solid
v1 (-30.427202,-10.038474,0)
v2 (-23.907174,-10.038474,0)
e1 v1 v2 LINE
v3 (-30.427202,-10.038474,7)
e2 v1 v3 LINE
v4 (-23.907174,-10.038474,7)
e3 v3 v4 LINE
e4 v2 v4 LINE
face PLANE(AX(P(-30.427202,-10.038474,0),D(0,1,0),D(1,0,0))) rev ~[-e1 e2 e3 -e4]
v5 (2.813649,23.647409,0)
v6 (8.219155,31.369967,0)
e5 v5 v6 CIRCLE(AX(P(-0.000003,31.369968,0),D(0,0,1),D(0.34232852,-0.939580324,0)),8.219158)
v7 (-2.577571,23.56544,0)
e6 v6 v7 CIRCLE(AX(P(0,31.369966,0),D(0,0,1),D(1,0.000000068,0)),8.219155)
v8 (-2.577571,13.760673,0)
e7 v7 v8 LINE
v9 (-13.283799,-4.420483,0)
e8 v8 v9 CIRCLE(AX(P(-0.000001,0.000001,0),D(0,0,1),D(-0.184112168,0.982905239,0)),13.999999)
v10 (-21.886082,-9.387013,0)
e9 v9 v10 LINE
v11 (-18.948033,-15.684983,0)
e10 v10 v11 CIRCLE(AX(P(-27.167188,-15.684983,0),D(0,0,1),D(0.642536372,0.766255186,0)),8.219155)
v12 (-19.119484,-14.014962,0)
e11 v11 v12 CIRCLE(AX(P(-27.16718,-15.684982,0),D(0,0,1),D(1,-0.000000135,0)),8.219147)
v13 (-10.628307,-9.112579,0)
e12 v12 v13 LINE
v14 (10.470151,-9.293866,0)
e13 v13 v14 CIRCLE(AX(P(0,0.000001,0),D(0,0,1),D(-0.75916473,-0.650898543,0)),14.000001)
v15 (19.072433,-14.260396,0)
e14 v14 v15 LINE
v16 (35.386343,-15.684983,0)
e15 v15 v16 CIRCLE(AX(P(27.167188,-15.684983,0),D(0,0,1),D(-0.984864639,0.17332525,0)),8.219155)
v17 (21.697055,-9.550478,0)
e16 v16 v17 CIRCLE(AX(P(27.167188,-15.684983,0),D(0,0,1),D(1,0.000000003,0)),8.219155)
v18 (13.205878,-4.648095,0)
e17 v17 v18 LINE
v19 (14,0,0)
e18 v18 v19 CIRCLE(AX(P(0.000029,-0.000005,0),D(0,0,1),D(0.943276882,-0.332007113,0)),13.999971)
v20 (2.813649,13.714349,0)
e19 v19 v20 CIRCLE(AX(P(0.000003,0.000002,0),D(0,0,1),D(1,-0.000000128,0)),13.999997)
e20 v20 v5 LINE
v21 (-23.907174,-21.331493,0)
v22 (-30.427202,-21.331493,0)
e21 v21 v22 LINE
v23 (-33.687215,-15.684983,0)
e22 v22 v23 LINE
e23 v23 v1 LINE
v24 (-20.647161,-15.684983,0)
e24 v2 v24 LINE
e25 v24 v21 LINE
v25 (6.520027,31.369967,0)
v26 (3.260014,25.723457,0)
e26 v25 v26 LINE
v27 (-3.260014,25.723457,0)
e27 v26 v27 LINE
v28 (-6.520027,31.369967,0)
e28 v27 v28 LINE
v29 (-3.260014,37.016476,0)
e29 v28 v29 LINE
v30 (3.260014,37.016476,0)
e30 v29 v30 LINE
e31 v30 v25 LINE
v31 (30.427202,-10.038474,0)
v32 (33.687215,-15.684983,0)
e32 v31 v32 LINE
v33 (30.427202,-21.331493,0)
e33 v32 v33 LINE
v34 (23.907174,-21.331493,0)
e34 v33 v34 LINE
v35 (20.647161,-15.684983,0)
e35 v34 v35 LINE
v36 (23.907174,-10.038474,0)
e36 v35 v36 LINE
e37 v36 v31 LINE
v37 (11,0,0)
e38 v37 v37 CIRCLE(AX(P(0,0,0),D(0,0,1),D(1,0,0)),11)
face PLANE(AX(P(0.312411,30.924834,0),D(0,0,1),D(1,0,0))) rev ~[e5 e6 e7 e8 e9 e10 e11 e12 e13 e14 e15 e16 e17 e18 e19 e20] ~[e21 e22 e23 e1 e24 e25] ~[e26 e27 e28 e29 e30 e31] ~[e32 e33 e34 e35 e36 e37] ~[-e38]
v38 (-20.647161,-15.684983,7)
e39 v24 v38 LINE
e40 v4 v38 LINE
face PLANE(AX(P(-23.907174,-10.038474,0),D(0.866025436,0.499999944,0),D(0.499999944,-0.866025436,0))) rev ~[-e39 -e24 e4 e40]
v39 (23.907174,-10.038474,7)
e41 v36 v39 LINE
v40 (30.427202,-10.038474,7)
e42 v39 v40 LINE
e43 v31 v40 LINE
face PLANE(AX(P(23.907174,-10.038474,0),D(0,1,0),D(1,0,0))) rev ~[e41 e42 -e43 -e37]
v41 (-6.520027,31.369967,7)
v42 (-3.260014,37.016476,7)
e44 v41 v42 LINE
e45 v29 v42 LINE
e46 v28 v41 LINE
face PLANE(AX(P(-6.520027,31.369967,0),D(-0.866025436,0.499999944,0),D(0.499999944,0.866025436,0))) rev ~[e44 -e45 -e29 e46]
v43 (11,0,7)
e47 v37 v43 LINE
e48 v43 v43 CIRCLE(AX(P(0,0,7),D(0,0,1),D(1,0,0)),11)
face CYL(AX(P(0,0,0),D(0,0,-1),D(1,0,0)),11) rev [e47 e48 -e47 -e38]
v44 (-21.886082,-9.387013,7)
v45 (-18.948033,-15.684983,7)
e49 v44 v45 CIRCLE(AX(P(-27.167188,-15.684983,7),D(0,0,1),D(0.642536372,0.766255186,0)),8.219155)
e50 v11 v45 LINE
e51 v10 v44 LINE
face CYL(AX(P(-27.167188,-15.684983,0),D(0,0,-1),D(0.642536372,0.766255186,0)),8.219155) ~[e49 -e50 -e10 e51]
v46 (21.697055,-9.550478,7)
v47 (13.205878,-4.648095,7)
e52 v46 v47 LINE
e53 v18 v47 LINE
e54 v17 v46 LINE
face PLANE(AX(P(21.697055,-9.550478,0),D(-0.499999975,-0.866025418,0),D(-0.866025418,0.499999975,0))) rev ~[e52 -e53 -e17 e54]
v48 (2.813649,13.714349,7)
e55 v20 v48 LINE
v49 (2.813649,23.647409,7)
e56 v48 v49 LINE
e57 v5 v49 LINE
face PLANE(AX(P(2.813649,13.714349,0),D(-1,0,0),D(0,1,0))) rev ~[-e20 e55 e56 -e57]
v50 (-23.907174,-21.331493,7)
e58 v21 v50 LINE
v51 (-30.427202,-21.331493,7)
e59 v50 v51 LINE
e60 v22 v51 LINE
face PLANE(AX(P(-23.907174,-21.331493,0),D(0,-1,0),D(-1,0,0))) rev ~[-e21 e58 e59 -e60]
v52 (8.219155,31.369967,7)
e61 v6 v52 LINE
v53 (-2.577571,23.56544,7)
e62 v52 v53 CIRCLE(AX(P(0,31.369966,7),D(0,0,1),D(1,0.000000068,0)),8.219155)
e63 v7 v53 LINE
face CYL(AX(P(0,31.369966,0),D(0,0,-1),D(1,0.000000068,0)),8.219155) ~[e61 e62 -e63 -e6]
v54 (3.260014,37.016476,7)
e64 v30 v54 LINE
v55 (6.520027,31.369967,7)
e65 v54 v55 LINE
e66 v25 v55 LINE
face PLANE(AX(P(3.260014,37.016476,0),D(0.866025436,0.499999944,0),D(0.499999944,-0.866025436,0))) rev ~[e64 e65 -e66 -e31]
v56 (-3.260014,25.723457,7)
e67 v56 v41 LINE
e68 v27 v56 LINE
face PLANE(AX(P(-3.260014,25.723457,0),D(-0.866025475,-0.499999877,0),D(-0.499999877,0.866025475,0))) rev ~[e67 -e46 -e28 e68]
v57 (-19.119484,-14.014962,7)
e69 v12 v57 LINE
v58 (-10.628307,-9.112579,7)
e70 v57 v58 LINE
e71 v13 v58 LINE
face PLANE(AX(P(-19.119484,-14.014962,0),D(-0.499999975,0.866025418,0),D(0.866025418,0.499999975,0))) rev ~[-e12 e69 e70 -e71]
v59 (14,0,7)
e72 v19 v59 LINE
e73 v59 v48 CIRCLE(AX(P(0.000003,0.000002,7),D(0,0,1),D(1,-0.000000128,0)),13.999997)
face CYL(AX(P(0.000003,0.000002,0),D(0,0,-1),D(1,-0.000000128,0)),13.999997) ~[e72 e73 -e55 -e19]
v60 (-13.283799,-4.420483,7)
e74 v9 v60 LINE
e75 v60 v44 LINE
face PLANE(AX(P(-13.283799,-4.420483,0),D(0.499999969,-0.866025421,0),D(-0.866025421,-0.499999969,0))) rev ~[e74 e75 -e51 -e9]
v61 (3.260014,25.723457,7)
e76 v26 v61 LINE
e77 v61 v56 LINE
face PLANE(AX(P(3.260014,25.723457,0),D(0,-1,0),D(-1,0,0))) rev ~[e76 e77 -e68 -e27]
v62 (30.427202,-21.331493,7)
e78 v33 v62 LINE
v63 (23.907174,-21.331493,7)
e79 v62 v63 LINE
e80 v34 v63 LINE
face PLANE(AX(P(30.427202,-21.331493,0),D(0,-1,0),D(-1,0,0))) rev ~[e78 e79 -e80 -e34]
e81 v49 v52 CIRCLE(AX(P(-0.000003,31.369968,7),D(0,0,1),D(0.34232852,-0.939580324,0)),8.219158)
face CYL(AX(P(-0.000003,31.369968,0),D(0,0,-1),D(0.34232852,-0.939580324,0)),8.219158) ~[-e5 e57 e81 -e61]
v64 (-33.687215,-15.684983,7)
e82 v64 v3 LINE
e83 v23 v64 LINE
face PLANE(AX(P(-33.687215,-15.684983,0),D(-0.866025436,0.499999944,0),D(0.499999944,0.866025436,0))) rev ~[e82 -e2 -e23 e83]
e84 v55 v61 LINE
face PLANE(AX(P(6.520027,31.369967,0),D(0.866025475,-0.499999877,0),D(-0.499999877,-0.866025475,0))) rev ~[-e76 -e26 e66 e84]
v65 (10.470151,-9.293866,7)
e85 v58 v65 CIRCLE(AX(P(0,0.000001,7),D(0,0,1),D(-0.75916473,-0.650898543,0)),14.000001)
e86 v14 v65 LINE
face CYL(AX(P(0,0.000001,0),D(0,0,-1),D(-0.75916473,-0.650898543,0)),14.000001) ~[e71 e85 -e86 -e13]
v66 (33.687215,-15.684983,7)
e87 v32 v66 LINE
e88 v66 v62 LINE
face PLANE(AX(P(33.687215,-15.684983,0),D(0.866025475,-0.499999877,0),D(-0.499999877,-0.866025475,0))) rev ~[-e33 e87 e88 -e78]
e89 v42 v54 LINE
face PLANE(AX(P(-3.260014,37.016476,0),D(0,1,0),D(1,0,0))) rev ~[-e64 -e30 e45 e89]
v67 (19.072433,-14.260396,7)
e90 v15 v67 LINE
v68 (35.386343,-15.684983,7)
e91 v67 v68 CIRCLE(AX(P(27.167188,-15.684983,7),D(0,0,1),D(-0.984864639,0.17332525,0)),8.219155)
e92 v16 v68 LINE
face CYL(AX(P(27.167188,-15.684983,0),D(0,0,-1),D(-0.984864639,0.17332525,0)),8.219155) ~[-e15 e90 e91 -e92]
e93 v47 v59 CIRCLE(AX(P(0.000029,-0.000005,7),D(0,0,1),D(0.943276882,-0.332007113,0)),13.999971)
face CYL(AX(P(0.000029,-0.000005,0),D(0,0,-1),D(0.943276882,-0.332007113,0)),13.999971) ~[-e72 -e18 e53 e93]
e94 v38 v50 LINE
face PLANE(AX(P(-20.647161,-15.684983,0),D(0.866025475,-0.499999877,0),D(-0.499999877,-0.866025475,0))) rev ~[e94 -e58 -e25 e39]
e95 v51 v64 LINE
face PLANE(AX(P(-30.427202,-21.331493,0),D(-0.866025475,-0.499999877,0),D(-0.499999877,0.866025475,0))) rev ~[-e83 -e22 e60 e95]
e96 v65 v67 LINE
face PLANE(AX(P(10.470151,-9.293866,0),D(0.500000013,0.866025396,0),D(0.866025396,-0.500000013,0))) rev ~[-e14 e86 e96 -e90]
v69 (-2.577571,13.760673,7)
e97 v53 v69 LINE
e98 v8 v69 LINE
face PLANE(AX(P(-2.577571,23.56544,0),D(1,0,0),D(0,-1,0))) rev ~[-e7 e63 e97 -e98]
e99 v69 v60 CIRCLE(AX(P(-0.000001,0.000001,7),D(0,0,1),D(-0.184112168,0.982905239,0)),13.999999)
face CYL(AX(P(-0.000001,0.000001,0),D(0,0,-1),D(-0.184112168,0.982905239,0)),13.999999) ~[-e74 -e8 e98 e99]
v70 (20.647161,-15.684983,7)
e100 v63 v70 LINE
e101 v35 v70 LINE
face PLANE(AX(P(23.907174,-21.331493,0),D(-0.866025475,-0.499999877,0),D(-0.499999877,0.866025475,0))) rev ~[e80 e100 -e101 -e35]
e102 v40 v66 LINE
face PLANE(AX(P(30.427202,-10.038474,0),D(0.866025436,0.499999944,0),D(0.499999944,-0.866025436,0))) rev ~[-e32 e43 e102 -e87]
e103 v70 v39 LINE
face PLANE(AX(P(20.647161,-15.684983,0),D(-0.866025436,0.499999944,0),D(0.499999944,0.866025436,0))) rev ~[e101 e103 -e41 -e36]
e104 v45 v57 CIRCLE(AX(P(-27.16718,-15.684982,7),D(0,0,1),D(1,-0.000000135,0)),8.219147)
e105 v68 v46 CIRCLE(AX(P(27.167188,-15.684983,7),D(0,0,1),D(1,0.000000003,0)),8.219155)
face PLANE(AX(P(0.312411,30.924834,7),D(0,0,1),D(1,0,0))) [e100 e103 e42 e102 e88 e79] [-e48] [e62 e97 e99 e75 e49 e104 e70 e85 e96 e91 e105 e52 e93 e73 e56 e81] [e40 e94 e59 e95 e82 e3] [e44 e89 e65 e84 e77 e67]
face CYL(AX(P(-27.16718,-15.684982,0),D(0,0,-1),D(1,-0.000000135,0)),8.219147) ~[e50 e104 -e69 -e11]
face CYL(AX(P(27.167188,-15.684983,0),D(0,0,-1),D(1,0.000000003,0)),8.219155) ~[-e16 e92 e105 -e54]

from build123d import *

# Parameters (mm, degrees)
F0_R     = 11
F1_DEPTH = 7


with BuildPart() as f1:
    # F0 (on Top) → F1 (new body)
    with BuildSketch(Plane.XY):
        with BuildLine():
            ThreePointArc((-2.577571, 23.56544), (0.124952, 23.151761), (2.813649, 23.647409))
            ThreePointArc((2.813649, 23.647409), (6.73351, 26.656757), (8.219155, 31.369967))
            ThreePointArc((8.219155, 31.369967), (-4.815031, 38.031046), (-2.577571, 23.56544))
        make_face()
        Polygon((6.520027, 31.369967), (3.260014, 25.723457), (-3.260014, 25.723457), (-6.520027, 31.369967), (-3.260014, 37.016476), (3.260014, 37.016476), align=None, mode=Mode.SUBTRACT)
        with BuildLine():
            ThreePointArc((-2.577571, 13.760673), (0.12029, 13.999483), (2.813649, 13.714349))
            Line((2.813649, 13.714349), (2.813649, 23.647409))
            ThreePointArc((2.813649, 23.647409), (0.124952, 23.151761), (-2.577571, 23.56544))
            Line((-2.577571, 23.56544), (-2.577571, 13.760673))
        make_face()
        with BuildLine():
            ThreePointArc((13.205878, -4.648095), (13.800042, -2.357722), (14, 0))
            ThreePointArc((14, 0), (10.848758, 8.848981), (2.813649, 13.714349))
            ThreePointArc((2.813649, 13.714349), (0.12029, 13.999483), (-2.577571, 13.760673))
            ThreePointArc((-2.577571, 13.760673), (-12.063763, 7.103916), (-13.283799, -4.420483))
            ThreePointArc((-13.283799, -4.420483), (-12.184053, -6.895568), (-10.628307, -9.112579))
            ThreePointArc((-10.628307, -9.112579), (-0.12029, -13.999483), (10.470151, -9.293866))
            ThreePointArc((10.470151, -9.293866), (12.063763, -7.103916), (13.205878, -4.648095))
        make_face()
        Circle(F0_R, mode=Mode.SUBTRACT)
        with BuildLine():
            ThreePointArc((-10.628307, -9.112579), (-12.184053, -6.895568), (-13.283799, -4.420483))
            Line((-13.283799, -4.420483), (-21.886082, -9.387013))
            ThreePointArc((-21.886082, -9.387013), (-20.112489, -11.467669), (-19.119484, -14.014962))
            Line((-19.119484, -14.014962), (-10.628307, -9.112579))
        make_face()
        with BuildLine():
            ThreePointArc((-19.119484, -14.014962), (-20.112489, -11.467669), (-21.886082, -9.387013))
            ThreePointArc((-21.886082, -9.387013), (-34.615703, -19.159769), (-18.948033, -15.684983))
            ThreePointArc((-18.948033, -15.684983), (-18.991008, -14.845584), (-19.119484, -14.014962))
        make_face()
        Polygon((-30.427202, -10.038474), (-23.907174, -10.038474), (-20.647161, -15.684983), (-23.907174, -21.331493), (-30.427202, -21.331493), (-33.687215, -15.684983), align=None, mode=Mode.SUBTRACT)
        with BuildLine():
            Line((21.697055, -9.550478), (13.205878, -4.648095))
            ThreePointArc((13.205878, -4.648095), (12.063763, -7.103916), (10.470151, -9.293866))
            Line((10.470151, -9.293866), (19.072433, -14.260396))
            ThreePointArc((19.072433, -14.260396), (19.987538, -11.684092), (21.697055, -9.550478))
        make_face()
        with BuildLine():
            ThreePointArc((35.386343, -15.684983), (30.528337, -8.184504), (21.697055, -9.550478))
            ThreePointArc((21.697055, -9.550478), (19.987538, -11.684092), (19.072433, -14.260396))
            ThreePointArc((19.072433, -14.260396), (26.452184, -23.872979), (35.386343, -15.684983))
        make_face()
        Polygon((23.907174, -21.331493), (20.647161, -15.684983), (23.907174, -10.038474), (30.427202, -10.038474), (33.687215, -15.684983), (30.427202, -21.331493), align=None, mode=Mode.SUBTRACT)
    extrude(amount=F1_DEPTH)


solid = f1.part
